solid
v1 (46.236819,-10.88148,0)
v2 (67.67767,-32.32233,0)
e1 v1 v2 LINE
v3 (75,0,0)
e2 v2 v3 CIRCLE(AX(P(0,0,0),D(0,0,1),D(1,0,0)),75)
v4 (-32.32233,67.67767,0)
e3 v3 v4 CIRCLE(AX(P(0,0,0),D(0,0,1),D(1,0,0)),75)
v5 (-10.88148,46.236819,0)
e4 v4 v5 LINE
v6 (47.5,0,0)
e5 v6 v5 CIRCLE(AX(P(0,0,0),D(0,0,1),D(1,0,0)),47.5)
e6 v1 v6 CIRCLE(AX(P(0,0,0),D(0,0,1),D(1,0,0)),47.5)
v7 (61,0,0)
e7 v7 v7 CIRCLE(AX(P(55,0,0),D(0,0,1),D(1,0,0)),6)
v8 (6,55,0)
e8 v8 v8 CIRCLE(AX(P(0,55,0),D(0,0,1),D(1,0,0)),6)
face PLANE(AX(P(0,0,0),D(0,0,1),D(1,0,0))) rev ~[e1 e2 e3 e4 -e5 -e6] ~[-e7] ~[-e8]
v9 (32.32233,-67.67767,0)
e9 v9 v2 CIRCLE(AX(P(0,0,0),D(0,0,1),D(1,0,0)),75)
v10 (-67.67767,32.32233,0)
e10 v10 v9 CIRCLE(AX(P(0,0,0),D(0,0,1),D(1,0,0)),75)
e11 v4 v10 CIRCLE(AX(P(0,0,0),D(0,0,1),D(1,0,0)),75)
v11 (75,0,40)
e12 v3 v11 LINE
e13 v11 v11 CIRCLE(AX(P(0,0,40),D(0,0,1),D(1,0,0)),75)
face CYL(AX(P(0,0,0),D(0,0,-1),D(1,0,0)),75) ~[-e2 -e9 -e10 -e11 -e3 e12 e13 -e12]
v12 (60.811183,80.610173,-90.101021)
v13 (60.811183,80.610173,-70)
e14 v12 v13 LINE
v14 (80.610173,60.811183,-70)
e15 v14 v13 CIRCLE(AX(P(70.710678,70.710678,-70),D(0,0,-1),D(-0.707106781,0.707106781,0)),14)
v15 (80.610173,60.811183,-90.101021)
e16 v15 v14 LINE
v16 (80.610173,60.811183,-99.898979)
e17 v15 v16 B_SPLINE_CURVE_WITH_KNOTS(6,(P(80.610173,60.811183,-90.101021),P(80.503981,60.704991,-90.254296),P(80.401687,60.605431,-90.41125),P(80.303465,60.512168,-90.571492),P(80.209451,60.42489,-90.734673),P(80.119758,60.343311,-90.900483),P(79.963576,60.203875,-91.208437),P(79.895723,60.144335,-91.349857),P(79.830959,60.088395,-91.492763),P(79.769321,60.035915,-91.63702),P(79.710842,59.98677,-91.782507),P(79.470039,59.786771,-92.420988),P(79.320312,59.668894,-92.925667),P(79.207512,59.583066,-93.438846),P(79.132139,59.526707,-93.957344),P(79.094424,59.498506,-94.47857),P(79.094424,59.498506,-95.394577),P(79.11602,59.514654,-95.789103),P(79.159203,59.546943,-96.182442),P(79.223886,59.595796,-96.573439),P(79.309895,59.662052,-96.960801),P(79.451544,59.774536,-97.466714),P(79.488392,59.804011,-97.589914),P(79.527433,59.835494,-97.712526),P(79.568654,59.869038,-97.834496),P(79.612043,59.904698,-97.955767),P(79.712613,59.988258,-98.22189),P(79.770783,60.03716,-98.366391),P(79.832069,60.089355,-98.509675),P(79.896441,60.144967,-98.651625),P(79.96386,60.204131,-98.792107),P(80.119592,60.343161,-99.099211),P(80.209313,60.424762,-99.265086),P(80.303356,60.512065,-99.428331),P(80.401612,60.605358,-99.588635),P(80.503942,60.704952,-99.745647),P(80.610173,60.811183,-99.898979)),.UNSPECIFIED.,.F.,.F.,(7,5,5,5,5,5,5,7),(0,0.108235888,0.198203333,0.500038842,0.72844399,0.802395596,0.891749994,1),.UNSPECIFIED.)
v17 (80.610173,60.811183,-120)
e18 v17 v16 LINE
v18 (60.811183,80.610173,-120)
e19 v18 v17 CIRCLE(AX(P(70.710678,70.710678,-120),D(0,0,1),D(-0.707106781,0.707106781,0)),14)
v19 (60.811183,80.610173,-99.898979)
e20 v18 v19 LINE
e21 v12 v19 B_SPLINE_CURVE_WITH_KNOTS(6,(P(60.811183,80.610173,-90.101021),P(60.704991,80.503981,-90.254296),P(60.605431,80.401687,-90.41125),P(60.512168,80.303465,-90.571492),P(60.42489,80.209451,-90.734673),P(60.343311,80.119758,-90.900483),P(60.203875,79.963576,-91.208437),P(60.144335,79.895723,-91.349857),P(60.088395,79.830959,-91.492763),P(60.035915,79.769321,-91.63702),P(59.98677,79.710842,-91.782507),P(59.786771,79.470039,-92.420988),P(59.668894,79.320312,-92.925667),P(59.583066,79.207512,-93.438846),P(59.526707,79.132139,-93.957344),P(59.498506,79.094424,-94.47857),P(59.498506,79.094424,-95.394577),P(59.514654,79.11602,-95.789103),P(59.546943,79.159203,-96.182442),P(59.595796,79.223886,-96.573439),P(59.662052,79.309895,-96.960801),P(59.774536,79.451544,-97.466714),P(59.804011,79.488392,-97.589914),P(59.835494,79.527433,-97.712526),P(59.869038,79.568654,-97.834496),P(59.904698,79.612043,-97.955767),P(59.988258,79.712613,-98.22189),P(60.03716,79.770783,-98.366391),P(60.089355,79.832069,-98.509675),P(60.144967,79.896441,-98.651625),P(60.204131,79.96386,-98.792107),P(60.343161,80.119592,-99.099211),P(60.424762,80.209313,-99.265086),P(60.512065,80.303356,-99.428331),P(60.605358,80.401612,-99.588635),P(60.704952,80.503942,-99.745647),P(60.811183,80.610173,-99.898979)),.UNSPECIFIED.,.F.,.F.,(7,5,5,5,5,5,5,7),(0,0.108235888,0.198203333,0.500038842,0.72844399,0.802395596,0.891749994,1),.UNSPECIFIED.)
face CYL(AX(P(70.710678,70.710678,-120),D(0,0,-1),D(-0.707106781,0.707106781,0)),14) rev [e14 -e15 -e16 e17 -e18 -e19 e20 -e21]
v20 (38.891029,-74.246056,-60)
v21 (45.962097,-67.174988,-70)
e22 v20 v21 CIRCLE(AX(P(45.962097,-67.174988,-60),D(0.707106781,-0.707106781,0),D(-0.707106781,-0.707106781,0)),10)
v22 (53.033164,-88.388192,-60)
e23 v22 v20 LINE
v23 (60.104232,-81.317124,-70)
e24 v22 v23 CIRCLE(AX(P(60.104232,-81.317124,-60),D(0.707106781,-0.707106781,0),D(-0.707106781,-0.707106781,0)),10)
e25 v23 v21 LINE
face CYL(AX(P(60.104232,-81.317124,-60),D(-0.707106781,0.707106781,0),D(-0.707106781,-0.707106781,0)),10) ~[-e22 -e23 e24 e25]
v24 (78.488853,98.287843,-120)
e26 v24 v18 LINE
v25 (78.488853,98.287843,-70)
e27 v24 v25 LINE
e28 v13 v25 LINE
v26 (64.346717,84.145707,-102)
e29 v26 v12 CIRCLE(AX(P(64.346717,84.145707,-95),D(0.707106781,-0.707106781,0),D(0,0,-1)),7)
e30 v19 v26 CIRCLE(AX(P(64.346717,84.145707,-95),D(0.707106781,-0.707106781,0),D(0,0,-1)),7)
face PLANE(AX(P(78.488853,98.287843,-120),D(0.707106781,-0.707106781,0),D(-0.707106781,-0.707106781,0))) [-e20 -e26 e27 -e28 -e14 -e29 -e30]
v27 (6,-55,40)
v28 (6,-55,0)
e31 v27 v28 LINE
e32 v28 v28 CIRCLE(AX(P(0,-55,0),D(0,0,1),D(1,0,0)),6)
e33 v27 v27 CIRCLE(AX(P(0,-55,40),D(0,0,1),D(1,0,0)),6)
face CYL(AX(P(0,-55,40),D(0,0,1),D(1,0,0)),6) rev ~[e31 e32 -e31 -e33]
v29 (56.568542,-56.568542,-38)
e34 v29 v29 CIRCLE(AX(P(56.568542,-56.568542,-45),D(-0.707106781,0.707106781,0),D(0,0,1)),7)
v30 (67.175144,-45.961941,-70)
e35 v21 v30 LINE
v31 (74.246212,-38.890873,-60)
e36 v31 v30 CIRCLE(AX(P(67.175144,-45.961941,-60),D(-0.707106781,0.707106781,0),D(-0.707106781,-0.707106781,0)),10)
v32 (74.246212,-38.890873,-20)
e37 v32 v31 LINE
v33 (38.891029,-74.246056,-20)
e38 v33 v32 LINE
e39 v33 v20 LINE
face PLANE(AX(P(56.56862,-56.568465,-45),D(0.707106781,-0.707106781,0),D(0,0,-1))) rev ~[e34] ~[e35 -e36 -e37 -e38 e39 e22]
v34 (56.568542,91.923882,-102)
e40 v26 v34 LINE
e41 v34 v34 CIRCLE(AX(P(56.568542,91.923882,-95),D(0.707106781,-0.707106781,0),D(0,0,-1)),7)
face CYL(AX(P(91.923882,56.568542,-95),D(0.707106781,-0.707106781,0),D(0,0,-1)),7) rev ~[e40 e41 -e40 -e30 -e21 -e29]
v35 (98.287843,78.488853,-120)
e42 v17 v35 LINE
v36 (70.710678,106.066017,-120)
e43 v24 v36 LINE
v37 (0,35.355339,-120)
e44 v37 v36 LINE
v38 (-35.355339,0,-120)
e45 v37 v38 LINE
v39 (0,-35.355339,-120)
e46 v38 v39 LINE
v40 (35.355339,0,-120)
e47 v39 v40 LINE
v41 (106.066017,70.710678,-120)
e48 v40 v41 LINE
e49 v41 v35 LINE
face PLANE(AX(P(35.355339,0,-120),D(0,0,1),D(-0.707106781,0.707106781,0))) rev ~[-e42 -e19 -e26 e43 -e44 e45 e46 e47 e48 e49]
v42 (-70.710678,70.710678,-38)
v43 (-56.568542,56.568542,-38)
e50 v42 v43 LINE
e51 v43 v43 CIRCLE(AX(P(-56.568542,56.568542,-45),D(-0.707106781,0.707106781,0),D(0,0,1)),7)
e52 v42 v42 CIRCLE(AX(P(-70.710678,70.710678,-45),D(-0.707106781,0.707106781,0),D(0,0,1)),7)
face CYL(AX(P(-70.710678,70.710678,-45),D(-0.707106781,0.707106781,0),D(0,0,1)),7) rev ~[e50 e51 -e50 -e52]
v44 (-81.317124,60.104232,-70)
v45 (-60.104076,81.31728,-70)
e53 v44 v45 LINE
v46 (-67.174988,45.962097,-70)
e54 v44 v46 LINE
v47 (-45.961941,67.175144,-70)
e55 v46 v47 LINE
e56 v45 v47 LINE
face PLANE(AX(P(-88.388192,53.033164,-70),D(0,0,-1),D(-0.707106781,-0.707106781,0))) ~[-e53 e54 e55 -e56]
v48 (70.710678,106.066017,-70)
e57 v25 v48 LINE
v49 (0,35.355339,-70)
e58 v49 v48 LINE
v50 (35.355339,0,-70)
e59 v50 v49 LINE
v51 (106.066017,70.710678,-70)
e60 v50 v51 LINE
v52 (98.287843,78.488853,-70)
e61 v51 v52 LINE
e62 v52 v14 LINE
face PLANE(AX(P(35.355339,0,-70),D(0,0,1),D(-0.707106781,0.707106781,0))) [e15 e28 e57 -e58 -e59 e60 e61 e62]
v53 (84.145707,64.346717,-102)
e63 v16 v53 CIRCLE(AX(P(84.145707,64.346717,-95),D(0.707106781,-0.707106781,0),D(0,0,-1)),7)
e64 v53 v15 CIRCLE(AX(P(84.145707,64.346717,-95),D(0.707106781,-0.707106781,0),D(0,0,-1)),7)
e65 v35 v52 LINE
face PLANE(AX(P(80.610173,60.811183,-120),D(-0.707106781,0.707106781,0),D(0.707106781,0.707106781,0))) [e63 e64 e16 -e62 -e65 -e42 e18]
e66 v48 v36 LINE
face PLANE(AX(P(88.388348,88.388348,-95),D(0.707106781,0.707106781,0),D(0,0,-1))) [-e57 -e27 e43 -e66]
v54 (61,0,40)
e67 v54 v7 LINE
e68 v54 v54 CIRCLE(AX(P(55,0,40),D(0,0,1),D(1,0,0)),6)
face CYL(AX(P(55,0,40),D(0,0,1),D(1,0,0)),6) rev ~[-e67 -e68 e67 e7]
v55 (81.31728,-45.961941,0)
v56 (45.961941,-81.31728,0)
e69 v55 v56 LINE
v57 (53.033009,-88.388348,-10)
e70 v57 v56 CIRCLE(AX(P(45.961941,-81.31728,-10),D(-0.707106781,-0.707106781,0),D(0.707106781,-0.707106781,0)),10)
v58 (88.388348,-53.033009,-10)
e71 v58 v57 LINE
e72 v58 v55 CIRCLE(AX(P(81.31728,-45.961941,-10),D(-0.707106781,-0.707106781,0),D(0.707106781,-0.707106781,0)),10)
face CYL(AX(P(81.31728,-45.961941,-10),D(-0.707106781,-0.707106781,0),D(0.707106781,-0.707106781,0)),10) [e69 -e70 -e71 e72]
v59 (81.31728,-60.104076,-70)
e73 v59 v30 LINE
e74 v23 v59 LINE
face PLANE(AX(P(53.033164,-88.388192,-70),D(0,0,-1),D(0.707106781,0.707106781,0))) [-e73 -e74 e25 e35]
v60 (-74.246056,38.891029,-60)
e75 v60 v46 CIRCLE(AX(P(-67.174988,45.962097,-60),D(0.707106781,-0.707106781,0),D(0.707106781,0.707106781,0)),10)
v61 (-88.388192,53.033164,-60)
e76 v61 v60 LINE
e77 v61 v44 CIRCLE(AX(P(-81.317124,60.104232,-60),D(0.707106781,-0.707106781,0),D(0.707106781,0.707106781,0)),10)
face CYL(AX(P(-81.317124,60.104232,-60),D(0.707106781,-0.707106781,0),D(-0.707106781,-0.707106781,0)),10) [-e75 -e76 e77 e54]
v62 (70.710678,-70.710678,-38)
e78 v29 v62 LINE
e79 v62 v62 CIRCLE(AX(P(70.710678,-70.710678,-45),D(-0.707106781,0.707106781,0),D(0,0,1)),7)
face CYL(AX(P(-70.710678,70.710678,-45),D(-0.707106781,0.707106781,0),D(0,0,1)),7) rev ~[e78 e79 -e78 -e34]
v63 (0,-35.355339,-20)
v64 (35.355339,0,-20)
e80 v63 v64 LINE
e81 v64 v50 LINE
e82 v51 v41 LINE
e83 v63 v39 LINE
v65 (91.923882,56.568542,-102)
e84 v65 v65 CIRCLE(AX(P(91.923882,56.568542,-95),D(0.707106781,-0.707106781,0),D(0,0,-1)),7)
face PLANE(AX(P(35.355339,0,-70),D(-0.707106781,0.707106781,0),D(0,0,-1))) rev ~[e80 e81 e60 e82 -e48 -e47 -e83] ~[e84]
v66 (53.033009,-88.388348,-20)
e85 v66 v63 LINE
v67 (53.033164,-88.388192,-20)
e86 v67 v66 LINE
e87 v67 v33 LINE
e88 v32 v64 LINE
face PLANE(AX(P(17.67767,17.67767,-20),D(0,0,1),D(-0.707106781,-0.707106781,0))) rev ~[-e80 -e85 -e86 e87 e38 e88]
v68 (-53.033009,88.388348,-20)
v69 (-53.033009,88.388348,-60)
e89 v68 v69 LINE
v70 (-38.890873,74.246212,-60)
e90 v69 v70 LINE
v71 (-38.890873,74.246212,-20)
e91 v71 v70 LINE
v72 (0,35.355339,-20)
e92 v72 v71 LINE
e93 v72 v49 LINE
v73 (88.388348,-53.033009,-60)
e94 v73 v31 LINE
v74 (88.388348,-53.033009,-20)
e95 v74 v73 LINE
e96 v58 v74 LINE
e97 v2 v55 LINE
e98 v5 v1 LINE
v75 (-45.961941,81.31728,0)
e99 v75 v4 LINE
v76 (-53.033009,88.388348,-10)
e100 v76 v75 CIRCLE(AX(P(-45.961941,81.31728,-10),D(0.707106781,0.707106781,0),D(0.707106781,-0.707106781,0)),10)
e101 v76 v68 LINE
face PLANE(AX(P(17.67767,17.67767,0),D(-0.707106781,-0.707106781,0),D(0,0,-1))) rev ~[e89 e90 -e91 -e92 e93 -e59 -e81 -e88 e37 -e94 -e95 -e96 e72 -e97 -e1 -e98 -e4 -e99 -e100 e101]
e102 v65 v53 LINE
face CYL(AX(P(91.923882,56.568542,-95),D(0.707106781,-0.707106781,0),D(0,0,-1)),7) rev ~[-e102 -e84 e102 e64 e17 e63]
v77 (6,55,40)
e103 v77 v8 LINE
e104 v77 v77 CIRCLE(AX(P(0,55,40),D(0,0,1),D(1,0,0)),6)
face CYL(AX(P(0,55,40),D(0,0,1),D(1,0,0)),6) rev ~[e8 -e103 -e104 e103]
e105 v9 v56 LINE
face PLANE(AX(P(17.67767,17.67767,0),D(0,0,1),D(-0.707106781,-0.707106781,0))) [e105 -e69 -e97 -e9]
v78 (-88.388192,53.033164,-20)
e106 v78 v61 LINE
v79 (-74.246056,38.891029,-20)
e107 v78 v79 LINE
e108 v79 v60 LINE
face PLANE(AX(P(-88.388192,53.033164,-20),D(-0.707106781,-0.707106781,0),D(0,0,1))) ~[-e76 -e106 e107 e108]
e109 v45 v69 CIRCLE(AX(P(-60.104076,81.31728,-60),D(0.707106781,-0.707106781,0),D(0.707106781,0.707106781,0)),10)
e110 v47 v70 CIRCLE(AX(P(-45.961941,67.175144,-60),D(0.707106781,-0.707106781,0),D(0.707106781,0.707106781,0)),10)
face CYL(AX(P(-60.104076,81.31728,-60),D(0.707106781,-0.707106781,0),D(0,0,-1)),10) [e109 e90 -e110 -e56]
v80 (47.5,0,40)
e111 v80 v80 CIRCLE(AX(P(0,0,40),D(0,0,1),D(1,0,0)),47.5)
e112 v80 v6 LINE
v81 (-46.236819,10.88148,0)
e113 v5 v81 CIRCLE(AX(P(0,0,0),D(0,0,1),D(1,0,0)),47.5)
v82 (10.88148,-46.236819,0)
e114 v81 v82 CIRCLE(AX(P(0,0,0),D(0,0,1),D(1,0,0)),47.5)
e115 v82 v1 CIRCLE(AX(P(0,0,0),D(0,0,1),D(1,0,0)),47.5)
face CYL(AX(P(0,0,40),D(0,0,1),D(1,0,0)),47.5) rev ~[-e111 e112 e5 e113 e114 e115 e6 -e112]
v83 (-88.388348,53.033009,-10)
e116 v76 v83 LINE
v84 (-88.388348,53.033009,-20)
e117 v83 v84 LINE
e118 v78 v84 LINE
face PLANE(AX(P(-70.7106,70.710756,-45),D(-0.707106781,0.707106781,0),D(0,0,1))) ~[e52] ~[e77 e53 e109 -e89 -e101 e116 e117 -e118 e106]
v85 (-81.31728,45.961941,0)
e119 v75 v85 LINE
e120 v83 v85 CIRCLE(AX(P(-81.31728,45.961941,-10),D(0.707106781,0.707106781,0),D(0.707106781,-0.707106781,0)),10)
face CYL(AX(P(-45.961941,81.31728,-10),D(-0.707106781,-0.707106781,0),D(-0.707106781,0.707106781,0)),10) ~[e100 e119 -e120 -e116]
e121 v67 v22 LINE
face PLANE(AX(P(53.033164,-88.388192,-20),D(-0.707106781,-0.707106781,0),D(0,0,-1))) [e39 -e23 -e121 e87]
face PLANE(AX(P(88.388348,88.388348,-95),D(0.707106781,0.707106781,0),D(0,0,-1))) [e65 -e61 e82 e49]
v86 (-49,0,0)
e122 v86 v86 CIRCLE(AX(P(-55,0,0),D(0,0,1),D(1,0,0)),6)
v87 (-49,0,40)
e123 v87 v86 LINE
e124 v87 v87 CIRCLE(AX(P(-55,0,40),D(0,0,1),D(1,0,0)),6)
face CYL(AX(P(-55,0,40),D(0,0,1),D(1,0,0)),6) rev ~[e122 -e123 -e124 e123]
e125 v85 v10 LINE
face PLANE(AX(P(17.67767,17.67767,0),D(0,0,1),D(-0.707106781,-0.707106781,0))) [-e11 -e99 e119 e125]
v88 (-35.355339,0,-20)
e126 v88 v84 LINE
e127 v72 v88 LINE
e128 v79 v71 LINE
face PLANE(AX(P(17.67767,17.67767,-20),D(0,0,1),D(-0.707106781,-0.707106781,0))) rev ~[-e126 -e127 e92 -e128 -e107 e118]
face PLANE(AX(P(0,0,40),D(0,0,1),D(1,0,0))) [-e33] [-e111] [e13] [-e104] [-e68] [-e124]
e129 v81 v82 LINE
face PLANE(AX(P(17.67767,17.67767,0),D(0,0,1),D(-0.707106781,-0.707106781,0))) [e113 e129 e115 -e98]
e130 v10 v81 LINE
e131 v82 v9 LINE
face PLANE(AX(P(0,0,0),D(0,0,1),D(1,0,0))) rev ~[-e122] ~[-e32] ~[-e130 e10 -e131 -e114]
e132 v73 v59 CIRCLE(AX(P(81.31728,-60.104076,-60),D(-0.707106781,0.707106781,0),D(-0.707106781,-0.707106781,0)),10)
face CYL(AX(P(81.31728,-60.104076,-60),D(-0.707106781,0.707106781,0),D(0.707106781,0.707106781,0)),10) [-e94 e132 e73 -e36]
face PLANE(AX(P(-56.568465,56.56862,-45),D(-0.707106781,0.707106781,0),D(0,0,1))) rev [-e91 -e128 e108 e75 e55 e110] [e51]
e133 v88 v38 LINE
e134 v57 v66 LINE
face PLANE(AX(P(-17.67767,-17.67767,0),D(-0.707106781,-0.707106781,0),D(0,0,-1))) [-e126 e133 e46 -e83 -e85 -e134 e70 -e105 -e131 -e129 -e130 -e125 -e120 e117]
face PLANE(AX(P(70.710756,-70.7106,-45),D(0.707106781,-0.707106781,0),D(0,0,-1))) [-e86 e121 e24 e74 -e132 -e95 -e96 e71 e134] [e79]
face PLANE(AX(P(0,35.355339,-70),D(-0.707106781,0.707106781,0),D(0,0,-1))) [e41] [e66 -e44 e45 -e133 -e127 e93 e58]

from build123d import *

# Parameters (mm, degrees)
SZKIC1_R                    = 75
DODANIE_WYCI_GNI_CIE1_DEPTH = 40
SZKIC2_R                    = 6
WYTNIJ_WYCI_GNI_CIE1_DEPTH  = 40
SZKIC3_R                    = 47.5
WYTNIJ_WYCI_GNI_CIE2_DEPTH  = 40
SZKIC4_W                    = 50
SZKIC4_H                    = 20
DODANIE_WYCI_GNI_CIE2_DEPTH = 100
SZKIC6_W                    = 50
SZKIC6_H                    = 49.999779654
DODANIE_WYCI_GNI_CIE3_DEPTH = 20
SZKIC7_R                    = 7
WYTNIJ_WYCI_GNI_CIE3_DEPTH  = 226
ZAOKR_GLENIE1_R             = 10
ZAOKR_GLENIE2_R             = 10
DODANIE_WYCI_GNI_CIE4_DEPTH = 100
SZKIC10_W                   = 50
SZKIC10_H                   = 50
DODANIE_WYCI_GNI_CIE5_DEPTH = 100
SZKIC12_R                   = 7
WYTNIJ_WYCI_GNI_CIE5_DEPTH  = 163.5
WYTNIJ_WYCI_GNI_CIE6_DEPTH  = 161


with BuildPart() as part:
    # Szkic1 → Dodanie-wyciągnięcie1 (new body)
    with BuildSketch(Plane.XY):
        Circle(SZKIC1_R)
    extrude(amount=DODANIE_WYCI_GNI_CIE1_DEPTH)

    # Szkic2 → Wytnij-wyciągnięcie1 (cut)
    with BuildSketch(Plane.XY.offset(40)):
        with Locations((-55, 0)):
            Circle(SZKIC2_R)
        with Locations((0, 55)):
            Circle(SZKIC2_R)
        with Locations((55, 0)):
            Circle(SZKIC2_R)
        with Locations((0, -55)):
            Circle(SZKIC2_R)
    extrude(amount=-WYTNIJ_WYCI_GNI_CIE1_DEPTH, mode=Mode.SUBTRACT)

    # Szkic3 → Wytnij-wyciągnięcie2 (cut)
    with BuildSketch(Plane.XY.offset(40)):
        Circle(SZKIC3_R)
    extrude(amount=-WYTNIJ_WYCI_GNI_CIE2_DEPTH, mode=Mode.SUBTRACT)

    # Szkic4 → Dodanie-wyciągnięcie2 (add, symmetric)
    with BuildSketch(Plane(origin=(0, 0, 0), x_dir=(-0.707106781, -0.707106781, 0), z_dir=(0.707106781, -0.707106781, 0))):
        with Locations((0, 10)):
            Rectangle(SZKIC4_W, SZKIC4_H)
    extrude(amount=DODANIE_WYCI_GNI_CIE2_DEPTH, both=True)

    # Szkic6 → Dodanie-wyciągnięcie3 (add)
    with BuildSketch(Plane(origin=(70.710678119, -70.710678119, 0), x_dir=(0, 0, -1), z_dir=(0.707106781, -0.707106781, 0))):
        with Locations((45, 0.000110173)):
            Rectangle(SZKIC6_W, SZKIC6_H)
    dodanie_wyci_gni_cie3 = extrude(amount=-DODANIE_WYCI_GNI_CIE3_DEPTH)

    # Lustro1: Dodanie-wyciągnięcie3 across plane
    add(dodanie_wyci_gni_cie3.mirror(Plane(origin=(0, 0, 0), x_dir=(0, 0, 1), z_dir=(0.707106781, -0.707106781, 0))))

    # Szkic7 → Wytnij-wyciągnięcie3 (cut, through all)
    with BuildSketch(Plane(origin=(-70.710678119, 70.710678119, 0), x_dir=(0, 0, 1), z_dir=(-0.707106781, 0.707106781, 0))):
        with Locations((-45, 0)):
            Circle(SZKIC7_R)
    extrude(amount=-WYTNIJ_WYCI_GNI_CIE3_DEPTH, mode=Mode.SUBTRACT)

    # Zaokrąglenie1
    zaokr_glenie1_edges = [part.edges().sort_by_distance(p)[0] for p in [
        (81.317279836, -45.961940777, -70),
        (45.962096585, -81.317124028, -70),
        (-81.317124028, 45.962096585, -70),
        (-45.961940777, 81.317279836, -70),
    ]]
    fillet(zaokr_glenie1_edges, radius=ZAOKR_GLENIE1_R)

    # Zaokrąglenie2
    zaokr_glenie2_edges = [part.edges().sort_by_distance(p)[0] for p in [
        (-70.710678119, 70.710678119, 0),
        (70.710678119, -70.710678119, 0),
    ]]
    fillet(zaokr_glenie2_edges, radius=ZAOKR_GLENIE2_R)

    # Szkic8 → Dodanie-wyciągnięcie4 (add)
    with BuildSketch(Plane(origin=(0, 0, -20), x_dir=(-1, 0, 0), z_dir=(0, 0, -1))):
        Polygon((0, 35.355339059), (35.355339059, 0), (0, -35.355339059), (-35.355339059, 0), align=None)
    extrude(amount=DODANIE_WYCI_GNI_CIE4_DEPTH)

    # Szkic10 → Dodanie-wyciągnięcie5 (add)
    with BuildSketch(Plane(origin=(17.67766953, 17.67766953, 0), x_dir=(0, 0, -1), z_dir=(0.707106781, 0.707106781, 0))):
        with Locations((95, 0)):
            Rectangle(SZKIC10_W, SZKIC10_H)
    extrude(amount=DODANIE_WYCI_GNI_CIE5_DEPTH)

    # Szkic12 → Wytnij-wyciągnięcie5 (cut, through all)
    with BuildSketch(Plane(origin=(17.67766953, -17.67766953, 0), x_dir=(0, 0, -1), z_dir=(0.707106781, -0.707106781, 0))):
        with Locations((95, 105)):
            Circle(SZKIC12_R)
    extrude(amount=-WYTNIJ_WYCI_GNI_CIE5_DEPTH, mode=Mode.SUBTRACT)

    # Szkic14 → Wytnij-wyciągnięcie6 (cut, through all)
    with BuildSketch(Plane(origin=(0, 0, -120), x_dir=(-1, 0, 0), z_dir=(0, 0, -1))):
        with BuildLine():
            Line((-80.610173055, 60.811183182), (-98.287842585, 78.488852712))
            Line((-98.287842585, 78.488852712), (-78.488852712, 98.287842585))
            Line((-78.488852712, 98.287842585), (-60.811183182, 80.610173055))
            ThreePointArc((-60.811183182, 80.610173055), (-60.811183182, 60.811183182), (-80.610173055, 60.811183182))
        make_face()
    extrude(amount=-WYTNIJ_WYCI_GNI_CIE6_DEPTH, mode=Mode.SUBTRACT)


solid = part.part
